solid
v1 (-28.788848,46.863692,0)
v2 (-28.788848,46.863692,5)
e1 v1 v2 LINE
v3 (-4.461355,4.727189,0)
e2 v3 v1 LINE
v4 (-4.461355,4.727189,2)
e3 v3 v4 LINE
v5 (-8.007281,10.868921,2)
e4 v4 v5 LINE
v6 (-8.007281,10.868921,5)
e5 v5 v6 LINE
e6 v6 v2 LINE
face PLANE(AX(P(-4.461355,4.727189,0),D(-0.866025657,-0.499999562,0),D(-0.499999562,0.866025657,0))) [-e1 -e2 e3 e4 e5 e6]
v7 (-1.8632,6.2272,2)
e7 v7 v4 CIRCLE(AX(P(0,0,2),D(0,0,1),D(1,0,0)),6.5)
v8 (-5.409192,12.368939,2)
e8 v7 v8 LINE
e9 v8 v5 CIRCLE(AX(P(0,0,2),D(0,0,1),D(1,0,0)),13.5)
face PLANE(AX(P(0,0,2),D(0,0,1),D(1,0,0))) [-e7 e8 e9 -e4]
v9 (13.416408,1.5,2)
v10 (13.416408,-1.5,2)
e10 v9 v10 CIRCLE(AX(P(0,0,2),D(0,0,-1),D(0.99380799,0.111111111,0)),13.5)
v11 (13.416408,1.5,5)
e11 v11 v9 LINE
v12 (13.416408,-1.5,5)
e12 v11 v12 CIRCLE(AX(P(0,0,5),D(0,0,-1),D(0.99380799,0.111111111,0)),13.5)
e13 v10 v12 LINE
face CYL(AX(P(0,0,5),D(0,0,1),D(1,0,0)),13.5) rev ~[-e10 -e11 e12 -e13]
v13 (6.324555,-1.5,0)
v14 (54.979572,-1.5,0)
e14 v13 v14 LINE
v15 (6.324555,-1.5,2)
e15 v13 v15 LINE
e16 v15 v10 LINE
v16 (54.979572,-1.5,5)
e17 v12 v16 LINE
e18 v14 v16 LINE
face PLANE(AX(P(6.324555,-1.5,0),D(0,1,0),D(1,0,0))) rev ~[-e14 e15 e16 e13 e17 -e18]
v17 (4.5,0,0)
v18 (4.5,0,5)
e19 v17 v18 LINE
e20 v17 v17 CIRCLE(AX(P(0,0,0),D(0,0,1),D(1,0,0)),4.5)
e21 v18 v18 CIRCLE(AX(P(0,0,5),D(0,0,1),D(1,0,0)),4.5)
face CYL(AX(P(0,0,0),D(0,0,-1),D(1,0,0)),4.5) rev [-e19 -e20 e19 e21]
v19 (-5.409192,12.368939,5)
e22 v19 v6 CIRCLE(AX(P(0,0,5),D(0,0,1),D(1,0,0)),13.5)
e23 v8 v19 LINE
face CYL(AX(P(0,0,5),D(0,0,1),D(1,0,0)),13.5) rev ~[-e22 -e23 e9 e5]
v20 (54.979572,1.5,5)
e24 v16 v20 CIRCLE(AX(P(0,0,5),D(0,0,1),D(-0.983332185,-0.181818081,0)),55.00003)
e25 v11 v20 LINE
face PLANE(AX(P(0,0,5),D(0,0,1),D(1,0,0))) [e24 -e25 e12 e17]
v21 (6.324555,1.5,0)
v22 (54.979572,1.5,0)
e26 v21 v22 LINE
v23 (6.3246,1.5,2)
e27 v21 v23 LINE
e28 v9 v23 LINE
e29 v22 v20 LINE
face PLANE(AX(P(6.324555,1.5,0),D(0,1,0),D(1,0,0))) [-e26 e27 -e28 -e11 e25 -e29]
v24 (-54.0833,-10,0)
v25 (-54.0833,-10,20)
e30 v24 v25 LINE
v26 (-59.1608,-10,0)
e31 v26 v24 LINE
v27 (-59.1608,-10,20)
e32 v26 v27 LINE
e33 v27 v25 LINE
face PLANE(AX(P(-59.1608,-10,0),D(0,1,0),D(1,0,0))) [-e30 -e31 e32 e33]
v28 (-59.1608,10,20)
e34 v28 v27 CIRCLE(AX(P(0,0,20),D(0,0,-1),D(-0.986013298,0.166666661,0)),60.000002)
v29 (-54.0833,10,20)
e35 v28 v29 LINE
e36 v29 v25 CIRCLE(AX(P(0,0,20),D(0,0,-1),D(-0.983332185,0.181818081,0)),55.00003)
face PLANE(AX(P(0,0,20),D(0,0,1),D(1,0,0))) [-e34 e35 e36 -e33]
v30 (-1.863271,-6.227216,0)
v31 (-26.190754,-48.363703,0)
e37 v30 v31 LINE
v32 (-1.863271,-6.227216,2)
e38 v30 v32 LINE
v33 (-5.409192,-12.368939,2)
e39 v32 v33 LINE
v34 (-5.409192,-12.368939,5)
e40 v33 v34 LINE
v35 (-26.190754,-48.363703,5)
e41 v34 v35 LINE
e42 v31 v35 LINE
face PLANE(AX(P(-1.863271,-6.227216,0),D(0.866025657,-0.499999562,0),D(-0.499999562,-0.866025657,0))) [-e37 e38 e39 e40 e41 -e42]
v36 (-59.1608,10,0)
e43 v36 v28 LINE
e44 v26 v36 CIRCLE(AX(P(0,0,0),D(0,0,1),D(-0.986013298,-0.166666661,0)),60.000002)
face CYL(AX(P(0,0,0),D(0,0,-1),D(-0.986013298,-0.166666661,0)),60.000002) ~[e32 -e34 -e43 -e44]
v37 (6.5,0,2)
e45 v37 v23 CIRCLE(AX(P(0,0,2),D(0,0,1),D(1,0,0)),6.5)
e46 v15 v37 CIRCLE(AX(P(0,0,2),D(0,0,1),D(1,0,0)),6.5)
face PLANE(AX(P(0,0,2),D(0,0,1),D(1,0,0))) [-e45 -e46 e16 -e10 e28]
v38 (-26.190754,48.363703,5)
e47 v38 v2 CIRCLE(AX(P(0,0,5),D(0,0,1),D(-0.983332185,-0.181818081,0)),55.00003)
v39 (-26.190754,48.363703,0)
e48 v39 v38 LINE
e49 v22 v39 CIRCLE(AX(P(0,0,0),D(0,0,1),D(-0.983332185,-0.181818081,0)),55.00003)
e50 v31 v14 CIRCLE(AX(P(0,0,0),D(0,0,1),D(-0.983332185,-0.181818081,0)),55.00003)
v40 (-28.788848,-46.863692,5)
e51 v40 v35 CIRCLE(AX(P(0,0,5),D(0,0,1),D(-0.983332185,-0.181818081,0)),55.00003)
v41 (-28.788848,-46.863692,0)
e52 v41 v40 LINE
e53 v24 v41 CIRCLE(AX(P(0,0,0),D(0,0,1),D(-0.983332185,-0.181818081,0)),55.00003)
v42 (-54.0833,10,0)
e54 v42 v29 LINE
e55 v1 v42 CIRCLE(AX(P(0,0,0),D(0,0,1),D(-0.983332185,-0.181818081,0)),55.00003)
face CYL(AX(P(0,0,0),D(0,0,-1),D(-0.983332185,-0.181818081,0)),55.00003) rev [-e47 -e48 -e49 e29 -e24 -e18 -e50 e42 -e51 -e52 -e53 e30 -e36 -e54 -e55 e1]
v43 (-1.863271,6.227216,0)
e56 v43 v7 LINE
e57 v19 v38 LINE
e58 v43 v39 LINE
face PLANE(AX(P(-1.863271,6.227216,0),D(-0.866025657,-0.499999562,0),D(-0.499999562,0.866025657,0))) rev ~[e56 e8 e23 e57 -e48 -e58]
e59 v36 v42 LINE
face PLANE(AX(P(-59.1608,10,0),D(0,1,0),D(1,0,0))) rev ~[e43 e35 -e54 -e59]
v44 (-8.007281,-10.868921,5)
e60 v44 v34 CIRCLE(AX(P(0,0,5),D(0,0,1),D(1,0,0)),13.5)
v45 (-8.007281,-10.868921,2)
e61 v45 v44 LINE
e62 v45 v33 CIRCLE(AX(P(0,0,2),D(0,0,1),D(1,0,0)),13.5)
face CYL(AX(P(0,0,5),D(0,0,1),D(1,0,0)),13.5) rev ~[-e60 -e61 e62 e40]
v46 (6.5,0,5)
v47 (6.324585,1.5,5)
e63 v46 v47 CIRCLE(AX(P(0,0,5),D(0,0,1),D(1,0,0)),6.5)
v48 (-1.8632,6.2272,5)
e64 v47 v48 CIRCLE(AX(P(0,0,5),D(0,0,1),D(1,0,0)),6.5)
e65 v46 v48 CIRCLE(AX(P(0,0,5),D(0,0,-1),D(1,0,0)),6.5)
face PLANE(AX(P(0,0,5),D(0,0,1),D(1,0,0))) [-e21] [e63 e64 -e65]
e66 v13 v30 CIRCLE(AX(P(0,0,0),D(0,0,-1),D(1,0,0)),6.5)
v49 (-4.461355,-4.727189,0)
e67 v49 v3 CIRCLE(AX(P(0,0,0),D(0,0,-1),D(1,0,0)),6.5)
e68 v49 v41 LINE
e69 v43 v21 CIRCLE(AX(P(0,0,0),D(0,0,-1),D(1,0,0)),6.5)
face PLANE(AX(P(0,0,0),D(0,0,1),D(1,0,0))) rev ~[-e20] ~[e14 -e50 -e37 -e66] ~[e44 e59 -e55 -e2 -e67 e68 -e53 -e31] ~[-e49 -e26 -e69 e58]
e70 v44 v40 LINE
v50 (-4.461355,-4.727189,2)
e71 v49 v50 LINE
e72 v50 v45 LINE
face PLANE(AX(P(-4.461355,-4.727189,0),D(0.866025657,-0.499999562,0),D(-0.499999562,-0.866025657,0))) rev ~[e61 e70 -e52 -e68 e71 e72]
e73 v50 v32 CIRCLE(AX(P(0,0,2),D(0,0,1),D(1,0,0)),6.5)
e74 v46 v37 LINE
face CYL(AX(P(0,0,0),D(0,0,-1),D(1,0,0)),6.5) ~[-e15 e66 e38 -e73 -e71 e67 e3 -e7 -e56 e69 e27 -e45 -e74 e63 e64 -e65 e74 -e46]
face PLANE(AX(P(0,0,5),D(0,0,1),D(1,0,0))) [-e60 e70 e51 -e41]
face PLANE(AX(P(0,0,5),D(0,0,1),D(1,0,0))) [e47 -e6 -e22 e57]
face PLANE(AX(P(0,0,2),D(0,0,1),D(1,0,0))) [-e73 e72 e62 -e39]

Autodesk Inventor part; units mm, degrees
ref_plane "YZ Plane" through (0, 0, 0) normal (1, 0, 0) x (0, 1, 0)
ref_plane "XZ Plane" through (0, 0, 0) normal (0, 1, 0) x (-1, 0, 0)
ref_plane "XY Plane" through (0, 0, 0) normal (0, 0, 1) x (1, 0, 0)
sketch "Sketch1" plane through (0, 0, 0) normal (0, 0, 1) x (1, 0, 0)
  circle A0 centre (0, 0) radius 60 construction
  line L0 (-59.1608, 10) -> (-59.1608, -10) construction
  circle A1 centre (0, 0) radius 55 construction
  line L1 (-59.1608, 10) -> (-54.0833, 10)
  line L2 (-59.1608, -10) -> (-54.0833, -10)
  arc A2 (-59.1608, -10) -> (-59.1608, 10) centre (0, 0) ccw
  arc A3 (-54.0833, -10) -> (-54.0833, 10) centre (0, 0) ccw
  circle A4 centre (0, 0) radius 4.5
  circle A5 centre (0, 0) radius 6.5
  line L3 (4.2426, 1.5) -> (59.9812, 1.5)
  line L4 (4.2426, -1.5) -> (59.9812, -1.5)
  arc A6 (4.2426, -1.5) -> (4.2426, 1.5) centre (0, 0) ccw
  arc A7 (59.9812, -1.5) -> (59.9812, 1.5) centre (0, 0) ccw
  line L5 (-3.4204, 2.9242) -> (-31.2897, 51.1953)
  line L6 (-0.8223, 4.4242) -> (-28.6916, 52.6953)
  line L7 (-0.8223, -4.4242) -> (-28.6916, -52.6953)
  line L8 (-3.4204, -2.9242) -> (-31.2897, -51.1953)
  arc A8 (-0.8223, 4.4242) -> (-3.4204, 2.9242) centre (0, 0) ccw
  arc A9 (-3.4204, -2.9242) -> (-0.8223, -4.4242) centre (0, 0) ccw
  arc A10 (-28.6916, 52.6953) -> (-31.2897, 51.1953) centre (0, 0) ccw
  arc A11 (-31.2897, -51.1953) -> (-28.6916, -52.6953) centre (0, 0) ccw
  point P0 (-59.1608, 0)
  dimension "d0" = 120
  dimension "d1" = 20
  dimension "d2" = 5
  dimension "d5" = 9
  dimension "d7" = 3
  dimension "d10" = 360
  dimension "d17" = 13
extrude "Extrusion1" add sketch "Sketch1" along normal blind 20 contours A2 L5 A3 L1 | A2 L6 A3 L5 | A2 L3 A3 L6 | L5 A4 L8 A5 | A5 L6 A4 L5 | A2 L4 A3 L3 | A5 L3 A4 L6 | L8 A4 L7 A5 | A2 L7 A3 L4 | A5 L4 A4 L3 | L7 A4 L4 A5 | L8 A2 L2 A3 | A3 L7 A2 L8
extrude "Extrusion2" add sketch "Sketch1" along normal blind 5 contours A2 L6 A3 L5 | A3 L6 A5 L5 | A5 L6 A4 L5 | A2 L4 A3 L3 | A3 L4 A5 L3 | L8 A4 L7 A5 | A5 L7 A3 L8 | A5 L4 A4 L3 | A3 L7 A2 L8
sketch "Sketch3" plane through (0, 0, 20) normal (0, 0, 1) x (1, 0, 0)
  circle A0 centre (0, 0) radius 4.5 projected
  circle A1 centre (0, 0) radius 6.5 projected
  point P0 (0, 0)
extrude "Extrusion3" cut sketch "Sketch3" against normal blind 15
sketch "Sketch4" plane through (0, 0, 5) normal (0, 0, 1) x (1, 0, 0)
  arc A0 (6.3246, 1.5) -> (-1.8632, 6.2272) centre (0, 0) ccw projected
  line L0 (54.9795, 1.5) -> (6.3246, 1.5) projected
  circle A1 centre (0, 0) radius 6.5
  circle A2 centre (0, 0) radius 13.5
  point P0 (0, 0)
  dimension "d18" = 27
extrude "Extrusion4" cut sketch "Sketch4" against normal blind 3
properties part number "AA051" material "ABS Plastic"
